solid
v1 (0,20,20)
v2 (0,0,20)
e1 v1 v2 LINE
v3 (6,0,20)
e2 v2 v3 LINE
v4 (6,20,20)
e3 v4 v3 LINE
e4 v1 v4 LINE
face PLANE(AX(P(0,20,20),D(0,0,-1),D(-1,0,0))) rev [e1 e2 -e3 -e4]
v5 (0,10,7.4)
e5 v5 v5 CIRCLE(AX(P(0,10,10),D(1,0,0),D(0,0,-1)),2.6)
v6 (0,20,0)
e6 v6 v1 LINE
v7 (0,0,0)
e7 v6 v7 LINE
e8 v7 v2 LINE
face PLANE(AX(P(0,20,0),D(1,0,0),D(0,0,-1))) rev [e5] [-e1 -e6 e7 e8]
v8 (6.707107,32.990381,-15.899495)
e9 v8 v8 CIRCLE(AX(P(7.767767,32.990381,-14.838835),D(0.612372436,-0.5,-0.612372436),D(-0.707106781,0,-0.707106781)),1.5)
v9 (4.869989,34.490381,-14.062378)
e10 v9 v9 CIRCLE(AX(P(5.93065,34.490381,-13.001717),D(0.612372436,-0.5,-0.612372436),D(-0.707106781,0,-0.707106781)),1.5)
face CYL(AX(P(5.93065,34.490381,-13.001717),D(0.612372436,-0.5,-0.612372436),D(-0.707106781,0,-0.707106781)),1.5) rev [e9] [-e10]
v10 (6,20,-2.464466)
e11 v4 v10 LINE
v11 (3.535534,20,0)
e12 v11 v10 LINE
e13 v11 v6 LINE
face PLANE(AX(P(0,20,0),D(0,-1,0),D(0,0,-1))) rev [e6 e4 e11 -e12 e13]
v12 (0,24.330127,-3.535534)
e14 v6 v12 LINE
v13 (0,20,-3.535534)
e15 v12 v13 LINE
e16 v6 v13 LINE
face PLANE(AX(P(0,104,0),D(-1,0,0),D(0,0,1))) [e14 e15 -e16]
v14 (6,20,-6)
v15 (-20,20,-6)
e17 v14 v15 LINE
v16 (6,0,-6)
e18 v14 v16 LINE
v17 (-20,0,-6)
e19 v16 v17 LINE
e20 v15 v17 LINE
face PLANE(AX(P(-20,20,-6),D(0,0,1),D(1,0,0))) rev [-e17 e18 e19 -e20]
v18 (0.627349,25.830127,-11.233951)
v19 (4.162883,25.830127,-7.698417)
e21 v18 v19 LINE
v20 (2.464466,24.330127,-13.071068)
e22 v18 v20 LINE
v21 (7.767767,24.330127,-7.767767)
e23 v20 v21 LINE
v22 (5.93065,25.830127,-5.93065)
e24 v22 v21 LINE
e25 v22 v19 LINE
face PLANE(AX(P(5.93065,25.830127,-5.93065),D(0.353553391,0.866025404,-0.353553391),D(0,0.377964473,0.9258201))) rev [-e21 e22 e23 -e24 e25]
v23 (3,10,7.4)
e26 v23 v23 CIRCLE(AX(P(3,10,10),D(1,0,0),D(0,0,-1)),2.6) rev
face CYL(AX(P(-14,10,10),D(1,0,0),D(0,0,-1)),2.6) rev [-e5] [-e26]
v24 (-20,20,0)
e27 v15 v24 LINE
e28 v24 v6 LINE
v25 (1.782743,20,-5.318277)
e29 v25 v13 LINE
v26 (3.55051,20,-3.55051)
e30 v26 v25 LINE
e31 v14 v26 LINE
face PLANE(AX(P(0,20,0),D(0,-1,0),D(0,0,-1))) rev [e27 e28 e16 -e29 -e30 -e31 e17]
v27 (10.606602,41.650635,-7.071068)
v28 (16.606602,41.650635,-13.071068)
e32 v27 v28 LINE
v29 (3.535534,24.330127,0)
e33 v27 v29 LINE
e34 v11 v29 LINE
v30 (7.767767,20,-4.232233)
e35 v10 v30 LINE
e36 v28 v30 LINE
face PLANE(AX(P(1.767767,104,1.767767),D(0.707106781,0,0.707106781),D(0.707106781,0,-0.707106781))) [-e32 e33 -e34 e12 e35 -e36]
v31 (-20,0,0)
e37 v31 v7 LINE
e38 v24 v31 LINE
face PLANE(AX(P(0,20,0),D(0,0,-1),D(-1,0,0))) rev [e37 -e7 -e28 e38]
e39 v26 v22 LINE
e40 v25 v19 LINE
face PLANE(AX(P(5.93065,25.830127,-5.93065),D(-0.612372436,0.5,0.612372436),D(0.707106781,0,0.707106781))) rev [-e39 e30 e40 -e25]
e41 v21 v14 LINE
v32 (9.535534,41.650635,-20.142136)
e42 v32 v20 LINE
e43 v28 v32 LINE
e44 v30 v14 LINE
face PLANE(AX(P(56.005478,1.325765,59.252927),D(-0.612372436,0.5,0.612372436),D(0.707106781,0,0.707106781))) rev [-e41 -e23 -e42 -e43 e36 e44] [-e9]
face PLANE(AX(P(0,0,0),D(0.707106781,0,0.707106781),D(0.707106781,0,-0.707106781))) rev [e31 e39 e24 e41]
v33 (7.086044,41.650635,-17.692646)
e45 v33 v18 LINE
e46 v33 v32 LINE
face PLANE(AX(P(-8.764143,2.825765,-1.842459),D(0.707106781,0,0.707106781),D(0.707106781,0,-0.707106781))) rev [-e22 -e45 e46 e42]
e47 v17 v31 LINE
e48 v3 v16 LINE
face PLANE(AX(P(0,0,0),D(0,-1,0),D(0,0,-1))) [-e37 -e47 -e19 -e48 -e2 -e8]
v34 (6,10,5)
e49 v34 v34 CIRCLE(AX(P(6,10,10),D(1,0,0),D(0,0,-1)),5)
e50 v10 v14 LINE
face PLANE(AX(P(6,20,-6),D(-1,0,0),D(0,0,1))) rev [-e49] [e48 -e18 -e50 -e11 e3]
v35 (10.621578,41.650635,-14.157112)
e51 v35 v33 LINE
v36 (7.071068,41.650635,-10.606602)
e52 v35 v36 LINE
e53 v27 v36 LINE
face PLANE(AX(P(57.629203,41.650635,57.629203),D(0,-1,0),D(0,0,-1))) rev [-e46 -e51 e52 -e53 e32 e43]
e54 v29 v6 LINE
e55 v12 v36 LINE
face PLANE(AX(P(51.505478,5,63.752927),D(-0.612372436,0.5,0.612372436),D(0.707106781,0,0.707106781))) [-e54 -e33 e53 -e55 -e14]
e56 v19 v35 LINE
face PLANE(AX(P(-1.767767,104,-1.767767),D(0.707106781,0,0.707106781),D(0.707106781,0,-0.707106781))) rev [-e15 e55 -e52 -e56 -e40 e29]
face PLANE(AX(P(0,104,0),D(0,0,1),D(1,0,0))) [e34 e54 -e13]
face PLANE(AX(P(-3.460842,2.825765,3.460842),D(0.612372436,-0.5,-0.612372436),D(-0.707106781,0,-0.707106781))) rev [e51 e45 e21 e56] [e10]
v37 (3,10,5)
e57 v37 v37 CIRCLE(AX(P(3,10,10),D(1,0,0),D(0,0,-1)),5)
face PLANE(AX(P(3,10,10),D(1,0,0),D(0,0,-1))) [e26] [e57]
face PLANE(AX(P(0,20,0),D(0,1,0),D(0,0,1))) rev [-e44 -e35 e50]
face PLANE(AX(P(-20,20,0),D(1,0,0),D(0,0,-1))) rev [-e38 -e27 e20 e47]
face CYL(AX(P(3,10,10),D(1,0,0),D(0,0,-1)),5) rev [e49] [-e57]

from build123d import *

# Parameters (mm, degrees)
EXTRUDE_2_DEPTH     = 20
CUT_EXTRUDE_1_DEPTH = 20
SKETCH_3_R          = 5
CUT_EXTRUDE_2_DEPTH = 3
SKETCH_4_W          = 6
SKETCH_4_H          = 6
EXTRUDE_3_DEPTH     = 84
CUT_EXTRUDE_3_DEPTH = 84
CUT_EXTRUDE_4_DEPTH = 84
CUT_EXTRUDE_5_DEPTH = 84
SKETCH_9_R          = 1.5
EXTRUDE_4_DEPTH     = 3
CUT_EXTRUDE_6_DEPTH = 6
CUT_EXTRUDE_7_DEPTH = 2.5


with BuildPart() as part:
    # 草图1 → 凸台-拉伸2 (new body)
    with BuildSketch(Plane(origin=(0, 0, 0), x_dir=(1, 0, 0), z_dir=(0, 1, 0))):
        Polygon((0, 0), (0, -20), (6, -20), (6, 6), (-20, 6), (-20, 0), align=None)
    extrude(amount=EXTRUDE_2_DEPTH)

    # 草图2 → 切除-拉伸1 (cut)
    with BuildSketch(Plane(origin=(6, 0, 0), x_dir=(0, 0, -1), z_dir=(1, 0, 0))):
        with BuildLine():
            ThreePointArc((-11.838477631, 11.838477631), (-11.838477631, 8.161522369), (-8.161522369, 8.161522369))
            Line((-8.161522369, 8.161522369), (-11.838477631, 11.838477631))
        make_face()
        with BuildLine():
            Line((-11.838477631, 11.838477631), (-8.161522369, 8.161522369))
            ThreePointArc((-8.161522369, 8.161522369), (-7.597913215, 9.005023076), (-7.4, 10))
            ThreePointArc((-7.4, 10), (-9.005023076, 12.402086785), (-11.838477631, 11.838477631))
        make_face()
    extrude(amount=-CUT_EXTRUDE_1_DEPTH, mode=Mode.SUBTRACT)

    # 草图3 → 切除-拉伸2 (cut)
    with BuildSketch(Plane(origin=(6, 0, 0), x_dir=(0, 0, -1), z_dir=(1, 0, 0))):
        with Locations((-10, 10)):
            Circle(SKETCH_3_R)
    extrude(amount=-CUT_EXTRUDE_2_DEPTH, mode=Mode.SUBTRACT)

    # 草图4 → 凸台-拉伸3 (add)
    with BuildSketch(Plane(origin=(0, 20, 0), x_dir=(1, 0, 0), z_dir=(0, 1, 0))):
        Polygon((65.39696962, 65.39696962), (6, 6), (7.767766953, 4.232233047), (67.164736573, 63.629202667), align=None)
        Polygon((4.232233047, 7.767766953), (6, 6), (65.39696962, 65.39696962), (63.629202667, 67.164736573), align=None)
        Polygon((0, 6), (6, 6), (4.232233047, 7.767766953), (0, 12), align=None)
        with Locations((3, 3)):
            Rectangle(SKETCH_4_W, SKETCH_4_H)
        Polygon((7.767766953, 4.232233047), (6, 6), (6, 0), (12, 0), align=None)
    extrude(amount=EXTRUDE_3_DEPTH)

    # 草图5 → 切除-拉伸3 (cut)
    with BuildSketch(Plane(origin=(-1.767766953, 0, -1.767766953), x_dir=(-0.7071067811865438, 0, 0.7071067811865513), z_dir=(-0.7071067811865513, 0, -0.7071067811865438))):
        Polygon((-8.485281374, 104), (-92.485281374, 104), (-92.485281374, 20), (-8.485281374, 20), (-20.985281374, 41.650635095), (-12.5, 41.650635095), (-8.485281374, 34.696938457), align=None)
        Polygon((0, 104), (-8.485281374, 104), (-8.485281374, 34.696938457), (0, 20), align=None)
    extrude(amount=-CUT_EXTRUDE_3_DEPTH, mode=Mode.SUBTRACT)

    # 草图6 → 切除-拉伸4 (cut)
    with BuildSketch(Plane(origin=(1.767766953, 0, 1.767766953), x_dir=(0.7071067811865438, 0, -0.7071067811865513), z_dir=(0.7071067811865513, 0, 0.7071067811865438))):
        Polygon((8.485281374, 34.696938457), (8.485281374, 20), (0, 20), align=None)
    extrude(amount=CUT_EXTRUDE_4_DEPTH, mode=Mode.SUBTRACT)

    # 草图7 → 切除-拉伸5 (cut)
    with BuildSketch(Plane(origin=(-1.767766953, 0, -1.767766953), x_dir=(-0.7071067811865438, 0, 0.7071067811865513), z_dir=(-0.7071067811865513, 0, -0.7071067811865438))):
        Polygon((-8.485281374, 20), (-2.5, 20), (-2.5, 24.330127019), (-2.5, 104), (-8.485281374, 104), (-8.485281374, 34.696938457), align=None)
        Polygon((-2.5, 24.330127019), (-2.5, 20), (0, 20), align=None)
    extrude(amount=CUT_EXTRUDE_5_DEPTH, mode=Mode.SUBTRACT)

    # 草图9 → 凸台-拉伸4 (add)
    with BuildSketch(Plane(origin=(-1.623724357, 1.325765386, 1.623724357), x_dir=(-0.47434164902525855, 0.3872983346207449, -0.7905694150420924), z_dir=(0.6123724356957914, -0.5, -0.6123724356957978))):
        Polygon((23.059741154, 40.529312363), (27.531877109, 38.293244386), (18.587605199, 20.404700566), (14.115469244, 22.640768543), align=None)
        with Locations(Location((20.823673176, 30.467006465, 0), (0, 0, 333.434948823))):
            Circle(SKETCH_9_R, mode=Mode.SUBTRACT)
    extrude(amount=-EXTRUDE_4_DEPTH)

    # 草图10 → 切除-拉伸6 (cut)
    with BuildSketch(Plane(origin=(-1.767766953, 0, -1.767766953), x_dir=(0.7071067811865438, 0, -0.7071067811865512), z_dir=(0.7071067811865512, 0, 0.7071067811865438))):
        Polygon((17.521179759, 41.650635095), (20.985281374, 41.650635095), (18.387205163, 43.150635095), align=None)
    extrude(amount=-CUT_EXTRUDE_6_DEPTH, mode=Mode.SUBTRACT)

    # 草图11 → 切除-拉伸7 (cut)
    with BuildSketch(Plane(origin=(-1.767766953, 0, -1.767766953), x_dir=(-0.7071067811865438, 0, 0.7071067811865513), z_dir=(-0.7071067811865513, 0, -0.7071067811865438))):
        Polygon((-8.387205163, 25.830127019), (-5.021179759, 20), (-8.485281374, 20), (-10.985281374, 24.330127019), align=None)
    extrude(amount=-CUT_EXTRUDE_7_DEPTH, mode=Mode.SUBTRACT)


solid = part.part
